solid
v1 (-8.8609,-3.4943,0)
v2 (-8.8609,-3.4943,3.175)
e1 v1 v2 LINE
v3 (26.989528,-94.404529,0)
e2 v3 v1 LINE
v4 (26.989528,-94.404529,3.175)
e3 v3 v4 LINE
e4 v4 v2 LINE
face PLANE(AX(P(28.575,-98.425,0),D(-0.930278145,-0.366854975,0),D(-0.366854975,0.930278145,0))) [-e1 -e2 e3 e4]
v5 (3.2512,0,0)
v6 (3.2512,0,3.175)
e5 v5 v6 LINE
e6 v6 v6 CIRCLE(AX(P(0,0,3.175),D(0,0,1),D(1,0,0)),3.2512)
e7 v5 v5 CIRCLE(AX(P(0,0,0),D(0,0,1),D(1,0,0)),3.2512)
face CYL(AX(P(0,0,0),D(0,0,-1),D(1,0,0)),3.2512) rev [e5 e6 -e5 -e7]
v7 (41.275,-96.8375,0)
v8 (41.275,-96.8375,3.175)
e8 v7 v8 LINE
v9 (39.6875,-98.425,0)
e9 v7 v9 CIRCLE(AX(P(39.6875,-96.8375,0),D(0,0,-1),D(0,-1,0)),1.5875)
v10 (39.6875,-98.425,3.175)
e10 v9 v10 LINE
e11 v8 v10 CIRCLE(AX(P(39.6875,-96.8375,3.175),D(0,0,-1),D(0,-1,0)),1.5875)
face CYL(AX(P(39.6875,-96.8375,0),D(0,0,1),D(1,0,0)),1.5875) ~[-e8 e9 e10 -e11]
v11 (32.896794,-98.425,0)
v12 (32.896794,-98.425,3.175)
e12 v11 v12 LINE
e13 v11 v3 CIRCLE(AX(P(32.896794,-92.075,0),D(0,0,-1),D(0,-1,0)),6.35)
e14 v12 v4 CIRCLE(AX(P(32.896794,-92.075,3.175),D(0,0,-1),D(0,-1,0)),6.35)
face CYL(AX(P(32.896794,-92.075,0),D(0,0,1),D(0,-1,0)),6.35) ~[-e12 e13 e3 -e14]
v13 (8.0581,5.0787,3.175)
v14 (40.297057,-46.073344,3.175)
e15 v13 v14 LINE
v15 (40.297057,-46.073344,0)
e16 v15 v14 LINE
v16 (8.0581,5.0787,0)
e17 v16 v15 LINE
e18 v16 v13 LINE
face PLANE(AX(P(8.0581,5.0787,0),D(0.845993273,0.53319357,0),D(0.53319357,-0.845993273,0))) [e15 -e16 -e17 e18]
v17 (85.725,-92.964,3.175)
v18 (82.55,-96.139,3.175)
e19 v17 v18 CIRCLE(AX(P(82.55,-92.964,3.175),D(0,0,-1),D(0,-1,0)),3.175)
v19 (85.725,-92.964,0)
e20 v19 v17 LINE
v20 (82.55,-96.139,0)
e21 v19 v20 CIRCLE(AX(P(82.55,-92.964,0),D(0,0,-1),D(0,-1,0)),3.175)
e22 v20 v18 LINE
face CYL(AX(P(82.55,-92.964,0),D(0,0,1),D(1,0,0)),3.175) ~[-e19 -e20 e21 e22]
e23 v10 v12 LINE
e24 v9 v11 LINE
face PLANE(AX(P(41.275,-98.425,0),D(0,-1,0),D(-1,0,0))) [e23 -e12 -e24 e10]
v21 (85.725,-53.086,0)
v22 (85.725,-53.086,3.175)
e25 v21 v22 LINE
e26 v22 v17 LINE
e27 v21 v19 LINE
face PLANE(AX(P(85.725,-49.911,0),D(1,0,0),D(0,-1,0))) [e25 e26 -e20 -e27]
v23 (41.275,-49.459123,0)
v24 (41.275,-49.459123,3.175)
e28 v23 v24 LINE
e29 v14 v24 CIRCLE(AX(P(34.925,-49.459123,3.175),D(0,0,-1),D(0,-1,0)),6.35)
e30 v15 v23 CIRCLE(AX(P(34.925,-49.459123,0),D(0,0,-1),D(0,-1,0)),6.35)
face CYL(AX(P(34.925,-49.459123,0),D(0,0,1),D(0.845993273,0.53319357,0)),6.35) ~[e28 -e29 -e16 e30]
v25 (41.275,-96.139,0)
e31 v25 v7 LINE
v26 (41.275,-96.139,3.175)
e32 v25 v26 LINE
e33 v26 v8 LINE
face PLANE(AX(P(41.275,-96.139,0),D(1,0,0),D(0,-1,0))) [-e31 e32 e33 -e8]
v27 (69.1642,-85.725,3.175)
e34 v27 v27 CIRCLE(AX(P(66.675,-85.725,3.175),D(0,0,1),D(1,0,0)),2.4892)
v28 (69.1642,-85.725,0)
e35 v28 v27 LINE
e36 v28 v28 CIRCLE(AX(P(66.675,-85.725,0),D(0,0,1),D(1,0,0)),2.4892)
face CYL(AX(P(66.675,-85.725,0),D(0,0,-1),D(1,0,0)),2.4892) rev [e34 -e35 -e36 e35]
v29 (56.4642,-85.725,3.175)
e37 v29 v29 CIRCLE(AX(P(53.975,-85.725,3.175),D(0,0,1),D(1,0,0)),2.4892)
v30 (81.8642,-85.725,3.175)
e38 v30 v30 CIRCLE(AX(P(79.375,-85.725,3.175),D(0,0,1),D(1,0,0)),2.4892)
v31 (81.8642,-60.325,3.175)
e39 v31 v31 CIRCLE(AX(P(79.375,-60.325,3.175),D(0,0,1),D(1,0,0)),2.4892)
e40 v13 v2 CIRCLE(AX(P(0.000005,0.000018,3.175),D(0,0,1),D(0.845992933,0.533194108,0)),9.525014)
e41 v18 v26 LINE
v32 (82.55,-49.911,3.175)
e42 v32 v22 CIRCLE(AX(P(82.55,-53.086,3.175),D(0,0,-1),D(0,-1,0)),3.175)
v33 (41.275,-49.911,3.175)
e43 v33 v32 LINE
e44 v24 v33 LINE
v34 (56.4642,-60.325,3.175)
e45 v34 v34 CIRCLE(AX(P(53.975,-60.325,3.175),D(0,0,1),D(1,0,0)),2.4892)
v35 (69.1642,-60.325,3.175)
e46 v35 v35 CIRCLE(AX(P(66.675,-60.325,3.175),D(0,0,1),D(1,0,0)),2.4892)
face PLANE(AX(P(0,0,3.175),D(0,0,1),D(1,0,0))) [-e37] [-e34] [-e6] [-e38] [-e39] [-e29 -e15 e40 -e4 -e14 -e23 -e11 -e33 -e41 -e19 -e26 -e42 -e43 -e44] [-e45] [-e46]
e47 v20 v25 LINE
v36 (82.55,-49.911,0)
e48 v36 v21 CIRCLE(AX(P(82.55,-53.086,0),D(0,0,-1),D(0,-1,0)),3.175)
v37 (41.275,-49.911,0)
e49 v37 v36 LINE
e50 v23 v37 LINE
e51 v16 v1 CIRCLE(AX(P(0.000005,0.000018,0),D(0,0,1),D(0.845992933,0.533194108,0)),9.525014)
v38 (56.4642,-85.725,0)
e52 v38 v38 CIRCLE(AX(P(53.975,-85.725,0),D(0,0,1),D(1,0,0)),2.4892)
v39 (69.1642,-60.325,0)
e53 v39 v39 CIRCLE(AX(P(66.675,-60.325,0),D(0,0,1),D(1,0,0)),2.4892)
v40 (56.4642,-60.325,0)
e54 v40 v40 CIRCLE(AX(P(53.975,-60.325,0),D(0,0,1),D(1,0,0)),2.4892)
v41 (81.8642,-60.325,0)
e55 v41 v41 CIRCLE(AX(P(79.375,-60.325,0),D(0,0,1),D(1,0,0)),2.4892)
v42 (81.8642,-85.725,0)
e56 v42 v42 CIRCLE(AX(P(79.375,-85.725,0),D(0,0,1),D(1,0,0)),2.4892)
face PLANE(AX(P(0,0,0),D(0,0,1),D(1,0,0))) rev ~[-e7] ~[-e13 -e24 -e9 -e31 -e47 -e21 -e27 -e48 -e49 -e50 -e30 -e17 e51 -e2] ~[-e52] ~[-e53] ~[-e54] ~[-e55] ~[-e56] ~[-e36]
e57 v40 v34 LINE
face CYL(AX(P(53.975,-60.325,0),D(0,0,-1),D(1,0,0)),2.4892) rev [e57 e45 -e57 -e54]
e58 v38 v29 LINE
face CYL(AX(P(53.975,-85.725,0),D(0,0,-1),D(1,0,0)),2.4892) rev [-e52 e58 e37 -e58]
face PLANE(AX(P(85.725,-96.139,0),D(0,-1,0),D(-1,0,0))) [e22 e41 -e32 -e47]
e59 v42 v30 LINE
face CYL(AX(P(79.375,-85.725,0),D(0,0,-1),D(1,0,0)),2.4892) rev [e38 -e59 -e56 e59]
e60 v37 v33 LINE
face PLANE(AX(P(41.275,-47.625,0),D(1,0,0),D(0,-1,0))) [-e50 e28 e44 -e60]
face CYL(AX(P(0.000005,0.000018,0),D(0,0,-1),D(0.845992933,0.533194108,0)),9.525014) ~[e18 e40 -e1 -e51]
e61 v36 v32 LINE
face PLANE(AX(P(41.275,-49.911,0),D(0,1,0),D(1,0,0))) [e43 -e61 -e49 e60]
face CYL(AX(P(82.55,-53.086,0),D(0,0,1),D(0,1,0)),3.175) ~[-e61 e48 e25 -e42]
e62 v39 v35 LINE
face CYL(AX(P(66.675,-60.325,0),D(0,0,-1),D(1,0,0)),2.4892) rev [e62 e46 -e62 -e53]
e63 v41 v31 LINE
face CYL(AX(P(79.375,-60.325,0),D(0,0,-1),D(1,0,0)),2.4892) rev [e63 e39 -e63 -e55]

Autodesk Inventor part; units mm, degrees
ref_plane "YZ Plane" through (0, 0, 0) normal (1, 0, 0) x (0, 1, 0)
ref_plane "XZ Plane" through (0, 0, 0) normal (0, 1, 0) x (-1, 0, 0)
ref_plane "XY Plane" through (0, 0, 0) normal (0, 0, 1) x (1, 0, 0)
sketch "Sketch1" plane through (0, 0, 0) normal (0, 0, 1) x (1, 0, 0)
  arc A0 (8.0581, 5.0787) -> (-8.8609, -3.4943) centre (0, 0) ccw
  line L0 (8.0581, 5.0787) -> (41.275, -47.625)
  line L1 (41.275, -47.625) -> (41.275, -49.911)
  line L2 (41.275, -49.911) -> (85.725, -49.911)
  line L3 (85.725, -49.911) -> (85.725, -96.139)
  line L4 (28.575, -98.425) -> (-8.8609, -3.4943)
  circle A1 centre (0, 0) radius 3.2512
  line L5 (85.725, -96.139) -> (41.275, -96.139)
  line L6 (41.275, -96.139) -> (41.275, -98.425)
  line L7 (41.275, -98.425) -> (28.575, -98.425)
  line L8 (85.725, -73.025) -> (85.7238, -73.025) construction
  circle A2 centre (79.375, -60.325) radius 2.4892
  circle A3 centre (66.675, -60.325) radius 2.4892
  circle A4 centre (79.375, -85.725) radius 2.4892
  circle A5 centre (66.675, -85.725) radius 2.4892
  circle A6 centre (53.975, -60.325) radius 2.4892
  circle A7 centre (53.975, -85.725) radius 2.4892
  line L9 (-9.525, 139.734) -> (-9.525, 40.2644) construction
  line L10 (-53.9331, -9.525) -> (112.0207, -9.525) construction
  dimension "d0" = 19.05
  dimension "d1" = 6.5024
  dimension "d2" = 2.286
  dimension "d3" = 4.9784
  dimension "d6" = 12.7
  dimension "d9" = 25.4
  dimension "d12" = 12.7
  dimension "d13" = 50.8
  dimension "d14" = 6.35
  dimension "d15" = 12.7
  dimension "d16" = 50.8
  dimension "d17" = 12.7
  dimension "d18" = 38.1
extrude "Extrusion1" add sketch "Sketch1" along normal blind 3.175
fillet "Fillet1" radius 3.175 2 edges at (85.725, -49.911, 1.5875) (85.725, -96.139, 1.5875)
fillet "Fillet1" radius 6.35 2 edges at (28.575, -98.425, 1.5875) (41.275, -47.625, 1.5875)
fillet "Fillet1" radius 1.5875 1 edges at (41.275, -98.425, 1.5875)
properties part number "VersaChassis Bumper Support Plate" material "Aluminum 6061"
